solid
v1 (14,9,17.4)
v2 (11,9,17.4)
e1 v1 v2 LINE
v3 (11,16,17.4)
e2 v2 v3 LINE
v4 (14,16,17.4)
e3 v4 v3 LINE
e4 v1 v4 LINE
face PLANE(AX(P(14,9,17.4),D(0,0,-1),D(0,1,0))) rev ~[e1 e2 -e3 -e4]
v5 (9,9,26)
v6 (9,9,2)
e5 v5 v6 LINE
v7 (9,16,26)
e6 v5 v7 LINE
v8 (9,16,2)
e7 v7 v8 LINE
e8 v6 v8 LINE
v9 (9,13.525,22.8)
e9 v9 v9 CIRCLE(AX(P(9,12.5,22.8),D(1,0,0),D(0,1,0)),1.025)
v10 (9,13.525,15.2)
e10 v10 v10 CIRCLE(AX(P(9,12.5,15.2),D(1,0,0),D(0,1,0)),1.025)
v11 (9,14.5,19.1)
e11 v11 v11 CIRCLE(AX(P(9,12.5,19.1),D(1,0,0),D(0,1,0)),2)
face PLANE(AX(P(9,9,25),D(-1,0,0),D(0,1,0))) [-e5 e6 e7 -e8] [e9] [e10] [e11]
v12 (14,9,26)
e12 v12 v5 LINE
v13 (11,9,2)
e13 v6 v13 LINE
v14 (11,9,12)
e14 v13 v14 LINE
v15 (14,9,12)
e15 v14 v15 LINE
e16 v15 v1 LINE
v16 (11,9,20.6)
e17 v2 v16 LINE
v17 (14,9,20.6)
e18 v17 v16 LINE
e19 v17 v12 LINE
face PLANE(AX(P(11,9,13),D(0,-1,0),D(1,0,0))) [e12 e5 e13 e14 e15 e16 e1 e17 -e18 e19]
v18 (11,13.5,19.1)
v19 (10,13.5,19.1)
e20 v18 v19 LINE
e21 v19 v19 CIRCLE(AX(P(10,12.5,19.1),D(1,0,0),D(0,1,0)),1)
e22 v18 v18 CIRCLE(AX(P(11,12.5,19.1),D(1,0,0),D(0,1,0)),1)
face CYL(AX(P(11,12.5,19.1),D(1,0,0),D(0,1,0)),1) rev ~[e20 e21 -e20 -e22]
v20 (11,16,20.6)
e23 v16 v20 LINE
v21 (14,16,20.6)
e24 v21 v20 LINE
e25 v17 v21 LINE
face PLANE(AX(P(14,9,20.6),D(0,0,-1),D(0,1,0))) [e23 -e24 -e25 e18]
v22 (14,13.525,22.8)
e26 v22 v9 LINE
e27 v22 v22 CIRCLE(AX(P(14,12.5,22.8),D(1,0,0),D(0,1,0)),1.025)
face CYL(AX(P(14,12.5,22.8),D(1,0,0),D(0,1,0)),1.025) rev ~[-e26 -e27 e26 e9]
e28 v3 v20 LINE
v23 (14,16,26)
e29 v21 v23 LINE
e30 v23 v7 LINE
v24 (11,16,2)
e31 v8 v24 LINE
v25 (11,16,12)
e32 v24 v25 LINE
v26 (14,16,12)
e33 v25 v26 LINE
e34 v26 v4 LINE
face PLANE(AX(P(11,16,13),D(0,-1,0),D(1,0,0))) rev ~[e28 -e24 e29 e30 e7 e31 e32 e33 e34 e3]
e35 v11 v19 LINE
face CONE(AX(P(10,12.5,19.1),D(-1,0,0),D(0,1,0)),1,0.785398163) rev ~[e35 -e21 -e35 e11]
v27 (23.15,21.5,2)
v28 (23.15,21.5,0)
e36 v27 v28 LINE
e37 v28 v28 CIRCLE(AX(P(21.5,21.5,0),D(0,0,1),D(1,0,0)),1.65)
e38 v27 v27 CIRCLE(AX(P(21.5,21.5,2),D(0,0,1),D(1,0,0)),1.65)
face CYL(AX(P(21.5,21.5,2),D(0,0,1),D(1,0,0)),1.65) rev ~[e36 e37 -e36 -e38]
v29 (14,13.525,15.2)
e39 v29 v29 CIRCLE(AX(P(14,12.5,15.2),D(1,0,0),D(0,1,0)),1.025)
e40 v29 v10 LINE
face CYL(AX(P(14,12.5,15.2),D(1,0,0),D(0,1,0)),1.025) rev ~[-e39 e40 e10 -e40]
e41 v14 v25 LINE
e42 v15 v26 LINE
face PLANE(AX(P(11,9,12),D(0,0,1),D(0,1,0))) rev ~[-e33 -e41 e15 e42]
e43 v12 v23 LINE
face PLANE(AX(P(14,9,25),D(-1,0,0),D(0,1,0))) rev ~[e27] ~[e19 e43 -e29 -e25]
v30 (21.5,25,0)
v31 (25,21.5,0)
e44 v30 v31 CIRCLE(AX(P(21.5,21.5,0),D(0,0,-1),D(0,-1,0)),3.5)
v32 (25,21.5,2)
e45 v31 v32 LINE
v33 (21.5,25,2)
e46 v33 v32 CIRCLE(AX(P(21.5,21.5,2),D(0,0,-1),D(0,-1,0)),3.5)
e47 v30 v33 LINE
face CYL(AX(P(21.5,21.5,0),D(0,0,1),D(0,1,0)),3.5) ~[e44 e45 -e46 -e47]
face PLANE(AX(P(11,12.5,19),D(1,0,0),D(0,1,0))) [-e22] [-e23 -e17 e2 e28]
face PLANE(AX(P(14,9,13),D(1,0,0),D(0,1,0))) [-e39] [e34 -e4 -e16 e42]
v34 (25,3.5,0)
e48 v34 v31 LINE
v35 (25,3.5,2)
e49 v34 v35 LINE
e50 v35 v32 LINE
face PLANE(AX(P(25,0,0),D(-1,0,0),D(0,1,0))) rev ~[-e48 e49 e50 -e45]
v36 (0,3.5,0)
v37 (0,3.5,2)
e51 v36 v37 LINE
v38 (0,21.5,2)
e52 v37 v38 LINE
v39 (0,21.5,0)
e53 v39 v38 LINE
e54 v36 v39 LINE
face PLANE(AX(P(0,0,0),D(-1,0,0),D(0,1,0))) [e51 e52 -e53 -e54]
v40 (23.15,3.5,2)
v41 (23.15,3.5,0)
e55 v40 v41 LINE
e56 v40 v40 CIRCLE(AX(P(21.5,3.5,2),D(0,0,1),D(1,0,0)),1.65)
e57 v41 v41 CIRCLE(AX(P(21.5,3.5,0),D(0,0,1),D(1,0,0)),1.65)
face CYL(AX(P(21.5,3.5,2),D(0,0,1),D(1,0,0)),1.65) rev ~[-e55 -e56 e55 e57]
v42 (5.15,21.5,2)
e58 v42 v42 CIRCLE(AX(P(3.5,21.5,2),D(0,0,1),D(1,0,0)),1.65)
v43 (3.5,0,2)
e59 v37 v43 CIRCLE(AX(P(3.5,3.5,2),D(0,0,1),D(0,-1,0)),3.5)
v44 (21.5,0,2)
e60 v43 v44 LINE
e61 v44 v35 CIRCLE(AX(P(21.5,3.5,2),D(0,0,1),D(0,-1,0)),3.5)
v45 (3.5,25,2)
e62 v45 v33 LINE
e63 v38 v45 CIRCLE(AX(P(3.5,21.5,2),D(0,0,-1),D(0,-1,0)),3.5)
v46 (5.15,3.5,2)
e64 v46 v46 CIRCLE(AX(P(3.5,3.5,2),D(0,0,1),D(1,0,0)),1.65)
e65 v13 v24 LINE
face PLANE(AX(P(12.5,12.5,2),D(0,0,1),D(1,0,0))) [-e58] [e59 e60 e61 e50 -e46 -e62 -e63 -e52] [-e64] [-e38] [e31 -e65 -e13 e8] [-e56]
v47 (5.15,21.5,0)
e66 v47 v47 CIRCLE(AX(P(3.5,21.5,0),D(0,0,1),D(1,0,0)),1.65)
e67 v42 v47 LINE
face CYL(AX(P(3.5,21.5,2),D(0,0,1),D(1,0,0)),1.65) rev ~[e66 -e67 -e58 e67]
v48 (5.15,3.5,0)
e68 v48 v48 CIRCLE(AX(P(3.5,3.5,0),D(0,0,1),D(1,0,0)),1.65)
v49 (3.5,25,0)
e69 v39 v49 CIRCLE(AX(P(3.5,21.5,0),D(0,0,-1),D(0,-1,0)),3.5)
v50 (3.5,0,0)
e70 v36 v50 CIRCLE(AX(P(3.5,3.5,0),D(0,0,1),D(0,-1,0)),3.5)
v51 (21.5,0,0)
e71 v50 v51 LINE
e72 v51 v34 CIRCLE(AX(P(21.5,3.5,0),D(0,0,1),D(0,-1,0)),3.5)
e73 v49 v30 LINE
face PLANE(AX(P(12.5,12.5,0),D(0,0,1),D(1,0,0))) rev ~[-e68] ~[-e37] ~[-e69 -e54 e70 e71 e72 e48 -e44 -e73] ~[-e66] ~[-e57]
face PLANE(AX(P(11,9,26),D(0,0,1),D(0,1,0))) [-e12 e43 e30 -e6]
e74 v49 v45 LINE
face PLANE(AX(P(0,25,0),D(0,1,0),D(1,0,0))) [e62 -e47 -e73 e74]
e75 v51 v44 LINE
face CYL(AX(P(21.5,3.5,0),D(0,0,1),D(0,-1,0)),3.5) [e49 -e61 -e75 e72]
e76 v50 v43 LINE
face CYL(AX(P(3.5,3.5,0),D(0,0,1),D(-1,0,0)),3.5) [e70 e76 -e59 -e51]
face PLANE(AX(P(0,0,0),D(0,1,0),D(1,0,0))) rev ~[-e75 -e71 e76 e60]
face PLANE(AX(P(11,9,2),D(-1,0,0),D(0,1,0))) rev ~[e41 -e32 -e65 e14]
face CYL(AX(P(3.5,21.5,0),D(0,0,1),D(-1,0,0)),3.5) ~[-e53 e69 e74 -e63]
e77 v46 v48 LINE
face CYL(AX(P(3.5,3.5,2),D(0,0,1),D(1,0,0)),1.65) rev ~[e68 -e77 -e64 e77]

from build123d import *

# Parameters (mm, degrees)
F0_W      = 25
F0_H      = 25
F1_DEPTH  = 2
F2_R      = 1.65
F6_DEPTH  = 3
F3_R      = 1.65
F7_DEPTH  = 3
F4_R      = 1.65
F8_DEPTH  = 3
F5_R      = 1.65
F9_DEPTH  = 3
F10_R     = 3.5
F11_W     = 2
F11_H     = 7
F12_DEPTH = 23
F14_W     = 7
F14_H     = 12
F15_DEPTH = 3
F16_W     = 7
F16_H     = 3.2
F17_DEPTH = 3
F19_R     = 1.025
F20_DEPTH = 6
F18_R     = 1.025
F21_DEPTH = 6
F13_R     = 1
F22_DEPTH = 3
F23_SIZE  = 1
F24_DEPTH = 1
F25_DEPTH = 1


with BuildPart() as f1:
    # F0 (on Top) → F1 (new body)
    with BuildSketch(Plane.XY):
        with Locations((12.5, 12.5)):
            Rectangle(F0_W, F0_H)
    extrude(amount=F1_DEPTH)

    # F2 (on face) → F6 (cut)
    with BuildSketch(Plane.XY.offset(2)):
        with Locations((3.5, 21.5)):
            Circle(F2_R)
    extrude(amount=-F6_DEPTH, mode=Mode.SUBTRACT)

    # F3 (on face) → F7 (cut)
    with BuildSketch(Plane.XY.offset(2)):
        with Locations((21.5, 21.5)):
            Circle(F3_R)
    extrude(amount=-F7_DEPTH, mode=Mode.SUBTRACT)

    # F4 (on face) → F8 (cut)
    with BuildSketch(Plane.XY.offset(2)):
        with Locations((3.5, 3.5)):
            Circle(F4_R)
    extrude(amount=-F8_DEPTH, mode=Mode.SUBTRACT)

    # F5 (on face) → F9 (cut)
    with BuildSketch(Plane.XY.offset(2)):
        with Locations((21.5, 3.5)):
            Circle(F5_R)
    extrude(amount=-F9_DEPTH, mode=Mode.SUBTRACT)

    # F10
    f10_edges = [f1.edges().sort_by_distance(p)[0] for p in [
        (0, 0, 1),
        (0, 25, 1),
        (25, 25, 1),
        (25, 0, 1),
    ]]
    fillet(f10_edges, radius=F10_R)

    # F11 (on face) → F12 (join)
    with BuildSketch(Plane.XY.offset(2)):
        with Locations((10, 12.5)):
            Rectangle(F11_W, F11_H)
    extrude(amount=F12_DEPTH)

    # F14 (on face) → F15 (join)
    with BuildSketch(Plane.YZ.offset(11)):
        with Locations((12.5, 19)):
            Rectangle(F14_W, F14_H)
    extrude(amount=F15_DEPTH)

    # F16 (on face) → F17 (cut)
    with BuildSketch(Plane.YZ.offset(14)):
        with Locations((12.5, 19)):
            Rectangle(F16_W, F16_H)
    extrude(amount=-F17_DEPTH, mode=Mode.SUBTRACT)

    # F19 (on face) → F20 (cut)
    with BuildSketch(Plane.YZ.offset(14)):
        with Locations((12.5, 15.2)):
            Circle(F19_R)
    extrude(amount=-F20_DEPTH, mode=Mode.SUBTRACT)

    # F18 (on face) → F21 (cut)
    with BuildSketch(Plane.YZ.offset(14)):
        with Locations((12.5, 22.8)):
            Circle(F18_R)
    extrude(amount=-F21_DEPTH, mode=Mode.SUBTRACT)

    # F13 (on face) → F22 (cut)
    with BuildSketch(Plane.YZ.offset(11)):
        with Locations((12.5, 19.1)):
            Circle(F13_R)
    extrude(amount=-F22_DEPTH, mode=Mode.SUBTRACT)

    # F23
    f23_edges = [f1.edges().sort_by_distance(p)[0] for p in [
        (9, 11.5, 19.1),
    ]]
    chamfer(f23_edges, length=F23_SIZE)

    # F24 (add): a face of the model
    f24_faces = [f1.faces().sort_by_distance(p)[0] for p in [
        (11.5, 12.5, 25),
    ]]
    extrude(f24_faces, amount=F24_DEPTH)

    # F25 (add): a face of the model
    f25_faces = [f1.faces().sort_by_distance(p)[0] for p in [
        (12.5, 12.5, 13),
    ]]
    extrude(f25_faces, amount=F25_DEPTH)


solid = f1.part
